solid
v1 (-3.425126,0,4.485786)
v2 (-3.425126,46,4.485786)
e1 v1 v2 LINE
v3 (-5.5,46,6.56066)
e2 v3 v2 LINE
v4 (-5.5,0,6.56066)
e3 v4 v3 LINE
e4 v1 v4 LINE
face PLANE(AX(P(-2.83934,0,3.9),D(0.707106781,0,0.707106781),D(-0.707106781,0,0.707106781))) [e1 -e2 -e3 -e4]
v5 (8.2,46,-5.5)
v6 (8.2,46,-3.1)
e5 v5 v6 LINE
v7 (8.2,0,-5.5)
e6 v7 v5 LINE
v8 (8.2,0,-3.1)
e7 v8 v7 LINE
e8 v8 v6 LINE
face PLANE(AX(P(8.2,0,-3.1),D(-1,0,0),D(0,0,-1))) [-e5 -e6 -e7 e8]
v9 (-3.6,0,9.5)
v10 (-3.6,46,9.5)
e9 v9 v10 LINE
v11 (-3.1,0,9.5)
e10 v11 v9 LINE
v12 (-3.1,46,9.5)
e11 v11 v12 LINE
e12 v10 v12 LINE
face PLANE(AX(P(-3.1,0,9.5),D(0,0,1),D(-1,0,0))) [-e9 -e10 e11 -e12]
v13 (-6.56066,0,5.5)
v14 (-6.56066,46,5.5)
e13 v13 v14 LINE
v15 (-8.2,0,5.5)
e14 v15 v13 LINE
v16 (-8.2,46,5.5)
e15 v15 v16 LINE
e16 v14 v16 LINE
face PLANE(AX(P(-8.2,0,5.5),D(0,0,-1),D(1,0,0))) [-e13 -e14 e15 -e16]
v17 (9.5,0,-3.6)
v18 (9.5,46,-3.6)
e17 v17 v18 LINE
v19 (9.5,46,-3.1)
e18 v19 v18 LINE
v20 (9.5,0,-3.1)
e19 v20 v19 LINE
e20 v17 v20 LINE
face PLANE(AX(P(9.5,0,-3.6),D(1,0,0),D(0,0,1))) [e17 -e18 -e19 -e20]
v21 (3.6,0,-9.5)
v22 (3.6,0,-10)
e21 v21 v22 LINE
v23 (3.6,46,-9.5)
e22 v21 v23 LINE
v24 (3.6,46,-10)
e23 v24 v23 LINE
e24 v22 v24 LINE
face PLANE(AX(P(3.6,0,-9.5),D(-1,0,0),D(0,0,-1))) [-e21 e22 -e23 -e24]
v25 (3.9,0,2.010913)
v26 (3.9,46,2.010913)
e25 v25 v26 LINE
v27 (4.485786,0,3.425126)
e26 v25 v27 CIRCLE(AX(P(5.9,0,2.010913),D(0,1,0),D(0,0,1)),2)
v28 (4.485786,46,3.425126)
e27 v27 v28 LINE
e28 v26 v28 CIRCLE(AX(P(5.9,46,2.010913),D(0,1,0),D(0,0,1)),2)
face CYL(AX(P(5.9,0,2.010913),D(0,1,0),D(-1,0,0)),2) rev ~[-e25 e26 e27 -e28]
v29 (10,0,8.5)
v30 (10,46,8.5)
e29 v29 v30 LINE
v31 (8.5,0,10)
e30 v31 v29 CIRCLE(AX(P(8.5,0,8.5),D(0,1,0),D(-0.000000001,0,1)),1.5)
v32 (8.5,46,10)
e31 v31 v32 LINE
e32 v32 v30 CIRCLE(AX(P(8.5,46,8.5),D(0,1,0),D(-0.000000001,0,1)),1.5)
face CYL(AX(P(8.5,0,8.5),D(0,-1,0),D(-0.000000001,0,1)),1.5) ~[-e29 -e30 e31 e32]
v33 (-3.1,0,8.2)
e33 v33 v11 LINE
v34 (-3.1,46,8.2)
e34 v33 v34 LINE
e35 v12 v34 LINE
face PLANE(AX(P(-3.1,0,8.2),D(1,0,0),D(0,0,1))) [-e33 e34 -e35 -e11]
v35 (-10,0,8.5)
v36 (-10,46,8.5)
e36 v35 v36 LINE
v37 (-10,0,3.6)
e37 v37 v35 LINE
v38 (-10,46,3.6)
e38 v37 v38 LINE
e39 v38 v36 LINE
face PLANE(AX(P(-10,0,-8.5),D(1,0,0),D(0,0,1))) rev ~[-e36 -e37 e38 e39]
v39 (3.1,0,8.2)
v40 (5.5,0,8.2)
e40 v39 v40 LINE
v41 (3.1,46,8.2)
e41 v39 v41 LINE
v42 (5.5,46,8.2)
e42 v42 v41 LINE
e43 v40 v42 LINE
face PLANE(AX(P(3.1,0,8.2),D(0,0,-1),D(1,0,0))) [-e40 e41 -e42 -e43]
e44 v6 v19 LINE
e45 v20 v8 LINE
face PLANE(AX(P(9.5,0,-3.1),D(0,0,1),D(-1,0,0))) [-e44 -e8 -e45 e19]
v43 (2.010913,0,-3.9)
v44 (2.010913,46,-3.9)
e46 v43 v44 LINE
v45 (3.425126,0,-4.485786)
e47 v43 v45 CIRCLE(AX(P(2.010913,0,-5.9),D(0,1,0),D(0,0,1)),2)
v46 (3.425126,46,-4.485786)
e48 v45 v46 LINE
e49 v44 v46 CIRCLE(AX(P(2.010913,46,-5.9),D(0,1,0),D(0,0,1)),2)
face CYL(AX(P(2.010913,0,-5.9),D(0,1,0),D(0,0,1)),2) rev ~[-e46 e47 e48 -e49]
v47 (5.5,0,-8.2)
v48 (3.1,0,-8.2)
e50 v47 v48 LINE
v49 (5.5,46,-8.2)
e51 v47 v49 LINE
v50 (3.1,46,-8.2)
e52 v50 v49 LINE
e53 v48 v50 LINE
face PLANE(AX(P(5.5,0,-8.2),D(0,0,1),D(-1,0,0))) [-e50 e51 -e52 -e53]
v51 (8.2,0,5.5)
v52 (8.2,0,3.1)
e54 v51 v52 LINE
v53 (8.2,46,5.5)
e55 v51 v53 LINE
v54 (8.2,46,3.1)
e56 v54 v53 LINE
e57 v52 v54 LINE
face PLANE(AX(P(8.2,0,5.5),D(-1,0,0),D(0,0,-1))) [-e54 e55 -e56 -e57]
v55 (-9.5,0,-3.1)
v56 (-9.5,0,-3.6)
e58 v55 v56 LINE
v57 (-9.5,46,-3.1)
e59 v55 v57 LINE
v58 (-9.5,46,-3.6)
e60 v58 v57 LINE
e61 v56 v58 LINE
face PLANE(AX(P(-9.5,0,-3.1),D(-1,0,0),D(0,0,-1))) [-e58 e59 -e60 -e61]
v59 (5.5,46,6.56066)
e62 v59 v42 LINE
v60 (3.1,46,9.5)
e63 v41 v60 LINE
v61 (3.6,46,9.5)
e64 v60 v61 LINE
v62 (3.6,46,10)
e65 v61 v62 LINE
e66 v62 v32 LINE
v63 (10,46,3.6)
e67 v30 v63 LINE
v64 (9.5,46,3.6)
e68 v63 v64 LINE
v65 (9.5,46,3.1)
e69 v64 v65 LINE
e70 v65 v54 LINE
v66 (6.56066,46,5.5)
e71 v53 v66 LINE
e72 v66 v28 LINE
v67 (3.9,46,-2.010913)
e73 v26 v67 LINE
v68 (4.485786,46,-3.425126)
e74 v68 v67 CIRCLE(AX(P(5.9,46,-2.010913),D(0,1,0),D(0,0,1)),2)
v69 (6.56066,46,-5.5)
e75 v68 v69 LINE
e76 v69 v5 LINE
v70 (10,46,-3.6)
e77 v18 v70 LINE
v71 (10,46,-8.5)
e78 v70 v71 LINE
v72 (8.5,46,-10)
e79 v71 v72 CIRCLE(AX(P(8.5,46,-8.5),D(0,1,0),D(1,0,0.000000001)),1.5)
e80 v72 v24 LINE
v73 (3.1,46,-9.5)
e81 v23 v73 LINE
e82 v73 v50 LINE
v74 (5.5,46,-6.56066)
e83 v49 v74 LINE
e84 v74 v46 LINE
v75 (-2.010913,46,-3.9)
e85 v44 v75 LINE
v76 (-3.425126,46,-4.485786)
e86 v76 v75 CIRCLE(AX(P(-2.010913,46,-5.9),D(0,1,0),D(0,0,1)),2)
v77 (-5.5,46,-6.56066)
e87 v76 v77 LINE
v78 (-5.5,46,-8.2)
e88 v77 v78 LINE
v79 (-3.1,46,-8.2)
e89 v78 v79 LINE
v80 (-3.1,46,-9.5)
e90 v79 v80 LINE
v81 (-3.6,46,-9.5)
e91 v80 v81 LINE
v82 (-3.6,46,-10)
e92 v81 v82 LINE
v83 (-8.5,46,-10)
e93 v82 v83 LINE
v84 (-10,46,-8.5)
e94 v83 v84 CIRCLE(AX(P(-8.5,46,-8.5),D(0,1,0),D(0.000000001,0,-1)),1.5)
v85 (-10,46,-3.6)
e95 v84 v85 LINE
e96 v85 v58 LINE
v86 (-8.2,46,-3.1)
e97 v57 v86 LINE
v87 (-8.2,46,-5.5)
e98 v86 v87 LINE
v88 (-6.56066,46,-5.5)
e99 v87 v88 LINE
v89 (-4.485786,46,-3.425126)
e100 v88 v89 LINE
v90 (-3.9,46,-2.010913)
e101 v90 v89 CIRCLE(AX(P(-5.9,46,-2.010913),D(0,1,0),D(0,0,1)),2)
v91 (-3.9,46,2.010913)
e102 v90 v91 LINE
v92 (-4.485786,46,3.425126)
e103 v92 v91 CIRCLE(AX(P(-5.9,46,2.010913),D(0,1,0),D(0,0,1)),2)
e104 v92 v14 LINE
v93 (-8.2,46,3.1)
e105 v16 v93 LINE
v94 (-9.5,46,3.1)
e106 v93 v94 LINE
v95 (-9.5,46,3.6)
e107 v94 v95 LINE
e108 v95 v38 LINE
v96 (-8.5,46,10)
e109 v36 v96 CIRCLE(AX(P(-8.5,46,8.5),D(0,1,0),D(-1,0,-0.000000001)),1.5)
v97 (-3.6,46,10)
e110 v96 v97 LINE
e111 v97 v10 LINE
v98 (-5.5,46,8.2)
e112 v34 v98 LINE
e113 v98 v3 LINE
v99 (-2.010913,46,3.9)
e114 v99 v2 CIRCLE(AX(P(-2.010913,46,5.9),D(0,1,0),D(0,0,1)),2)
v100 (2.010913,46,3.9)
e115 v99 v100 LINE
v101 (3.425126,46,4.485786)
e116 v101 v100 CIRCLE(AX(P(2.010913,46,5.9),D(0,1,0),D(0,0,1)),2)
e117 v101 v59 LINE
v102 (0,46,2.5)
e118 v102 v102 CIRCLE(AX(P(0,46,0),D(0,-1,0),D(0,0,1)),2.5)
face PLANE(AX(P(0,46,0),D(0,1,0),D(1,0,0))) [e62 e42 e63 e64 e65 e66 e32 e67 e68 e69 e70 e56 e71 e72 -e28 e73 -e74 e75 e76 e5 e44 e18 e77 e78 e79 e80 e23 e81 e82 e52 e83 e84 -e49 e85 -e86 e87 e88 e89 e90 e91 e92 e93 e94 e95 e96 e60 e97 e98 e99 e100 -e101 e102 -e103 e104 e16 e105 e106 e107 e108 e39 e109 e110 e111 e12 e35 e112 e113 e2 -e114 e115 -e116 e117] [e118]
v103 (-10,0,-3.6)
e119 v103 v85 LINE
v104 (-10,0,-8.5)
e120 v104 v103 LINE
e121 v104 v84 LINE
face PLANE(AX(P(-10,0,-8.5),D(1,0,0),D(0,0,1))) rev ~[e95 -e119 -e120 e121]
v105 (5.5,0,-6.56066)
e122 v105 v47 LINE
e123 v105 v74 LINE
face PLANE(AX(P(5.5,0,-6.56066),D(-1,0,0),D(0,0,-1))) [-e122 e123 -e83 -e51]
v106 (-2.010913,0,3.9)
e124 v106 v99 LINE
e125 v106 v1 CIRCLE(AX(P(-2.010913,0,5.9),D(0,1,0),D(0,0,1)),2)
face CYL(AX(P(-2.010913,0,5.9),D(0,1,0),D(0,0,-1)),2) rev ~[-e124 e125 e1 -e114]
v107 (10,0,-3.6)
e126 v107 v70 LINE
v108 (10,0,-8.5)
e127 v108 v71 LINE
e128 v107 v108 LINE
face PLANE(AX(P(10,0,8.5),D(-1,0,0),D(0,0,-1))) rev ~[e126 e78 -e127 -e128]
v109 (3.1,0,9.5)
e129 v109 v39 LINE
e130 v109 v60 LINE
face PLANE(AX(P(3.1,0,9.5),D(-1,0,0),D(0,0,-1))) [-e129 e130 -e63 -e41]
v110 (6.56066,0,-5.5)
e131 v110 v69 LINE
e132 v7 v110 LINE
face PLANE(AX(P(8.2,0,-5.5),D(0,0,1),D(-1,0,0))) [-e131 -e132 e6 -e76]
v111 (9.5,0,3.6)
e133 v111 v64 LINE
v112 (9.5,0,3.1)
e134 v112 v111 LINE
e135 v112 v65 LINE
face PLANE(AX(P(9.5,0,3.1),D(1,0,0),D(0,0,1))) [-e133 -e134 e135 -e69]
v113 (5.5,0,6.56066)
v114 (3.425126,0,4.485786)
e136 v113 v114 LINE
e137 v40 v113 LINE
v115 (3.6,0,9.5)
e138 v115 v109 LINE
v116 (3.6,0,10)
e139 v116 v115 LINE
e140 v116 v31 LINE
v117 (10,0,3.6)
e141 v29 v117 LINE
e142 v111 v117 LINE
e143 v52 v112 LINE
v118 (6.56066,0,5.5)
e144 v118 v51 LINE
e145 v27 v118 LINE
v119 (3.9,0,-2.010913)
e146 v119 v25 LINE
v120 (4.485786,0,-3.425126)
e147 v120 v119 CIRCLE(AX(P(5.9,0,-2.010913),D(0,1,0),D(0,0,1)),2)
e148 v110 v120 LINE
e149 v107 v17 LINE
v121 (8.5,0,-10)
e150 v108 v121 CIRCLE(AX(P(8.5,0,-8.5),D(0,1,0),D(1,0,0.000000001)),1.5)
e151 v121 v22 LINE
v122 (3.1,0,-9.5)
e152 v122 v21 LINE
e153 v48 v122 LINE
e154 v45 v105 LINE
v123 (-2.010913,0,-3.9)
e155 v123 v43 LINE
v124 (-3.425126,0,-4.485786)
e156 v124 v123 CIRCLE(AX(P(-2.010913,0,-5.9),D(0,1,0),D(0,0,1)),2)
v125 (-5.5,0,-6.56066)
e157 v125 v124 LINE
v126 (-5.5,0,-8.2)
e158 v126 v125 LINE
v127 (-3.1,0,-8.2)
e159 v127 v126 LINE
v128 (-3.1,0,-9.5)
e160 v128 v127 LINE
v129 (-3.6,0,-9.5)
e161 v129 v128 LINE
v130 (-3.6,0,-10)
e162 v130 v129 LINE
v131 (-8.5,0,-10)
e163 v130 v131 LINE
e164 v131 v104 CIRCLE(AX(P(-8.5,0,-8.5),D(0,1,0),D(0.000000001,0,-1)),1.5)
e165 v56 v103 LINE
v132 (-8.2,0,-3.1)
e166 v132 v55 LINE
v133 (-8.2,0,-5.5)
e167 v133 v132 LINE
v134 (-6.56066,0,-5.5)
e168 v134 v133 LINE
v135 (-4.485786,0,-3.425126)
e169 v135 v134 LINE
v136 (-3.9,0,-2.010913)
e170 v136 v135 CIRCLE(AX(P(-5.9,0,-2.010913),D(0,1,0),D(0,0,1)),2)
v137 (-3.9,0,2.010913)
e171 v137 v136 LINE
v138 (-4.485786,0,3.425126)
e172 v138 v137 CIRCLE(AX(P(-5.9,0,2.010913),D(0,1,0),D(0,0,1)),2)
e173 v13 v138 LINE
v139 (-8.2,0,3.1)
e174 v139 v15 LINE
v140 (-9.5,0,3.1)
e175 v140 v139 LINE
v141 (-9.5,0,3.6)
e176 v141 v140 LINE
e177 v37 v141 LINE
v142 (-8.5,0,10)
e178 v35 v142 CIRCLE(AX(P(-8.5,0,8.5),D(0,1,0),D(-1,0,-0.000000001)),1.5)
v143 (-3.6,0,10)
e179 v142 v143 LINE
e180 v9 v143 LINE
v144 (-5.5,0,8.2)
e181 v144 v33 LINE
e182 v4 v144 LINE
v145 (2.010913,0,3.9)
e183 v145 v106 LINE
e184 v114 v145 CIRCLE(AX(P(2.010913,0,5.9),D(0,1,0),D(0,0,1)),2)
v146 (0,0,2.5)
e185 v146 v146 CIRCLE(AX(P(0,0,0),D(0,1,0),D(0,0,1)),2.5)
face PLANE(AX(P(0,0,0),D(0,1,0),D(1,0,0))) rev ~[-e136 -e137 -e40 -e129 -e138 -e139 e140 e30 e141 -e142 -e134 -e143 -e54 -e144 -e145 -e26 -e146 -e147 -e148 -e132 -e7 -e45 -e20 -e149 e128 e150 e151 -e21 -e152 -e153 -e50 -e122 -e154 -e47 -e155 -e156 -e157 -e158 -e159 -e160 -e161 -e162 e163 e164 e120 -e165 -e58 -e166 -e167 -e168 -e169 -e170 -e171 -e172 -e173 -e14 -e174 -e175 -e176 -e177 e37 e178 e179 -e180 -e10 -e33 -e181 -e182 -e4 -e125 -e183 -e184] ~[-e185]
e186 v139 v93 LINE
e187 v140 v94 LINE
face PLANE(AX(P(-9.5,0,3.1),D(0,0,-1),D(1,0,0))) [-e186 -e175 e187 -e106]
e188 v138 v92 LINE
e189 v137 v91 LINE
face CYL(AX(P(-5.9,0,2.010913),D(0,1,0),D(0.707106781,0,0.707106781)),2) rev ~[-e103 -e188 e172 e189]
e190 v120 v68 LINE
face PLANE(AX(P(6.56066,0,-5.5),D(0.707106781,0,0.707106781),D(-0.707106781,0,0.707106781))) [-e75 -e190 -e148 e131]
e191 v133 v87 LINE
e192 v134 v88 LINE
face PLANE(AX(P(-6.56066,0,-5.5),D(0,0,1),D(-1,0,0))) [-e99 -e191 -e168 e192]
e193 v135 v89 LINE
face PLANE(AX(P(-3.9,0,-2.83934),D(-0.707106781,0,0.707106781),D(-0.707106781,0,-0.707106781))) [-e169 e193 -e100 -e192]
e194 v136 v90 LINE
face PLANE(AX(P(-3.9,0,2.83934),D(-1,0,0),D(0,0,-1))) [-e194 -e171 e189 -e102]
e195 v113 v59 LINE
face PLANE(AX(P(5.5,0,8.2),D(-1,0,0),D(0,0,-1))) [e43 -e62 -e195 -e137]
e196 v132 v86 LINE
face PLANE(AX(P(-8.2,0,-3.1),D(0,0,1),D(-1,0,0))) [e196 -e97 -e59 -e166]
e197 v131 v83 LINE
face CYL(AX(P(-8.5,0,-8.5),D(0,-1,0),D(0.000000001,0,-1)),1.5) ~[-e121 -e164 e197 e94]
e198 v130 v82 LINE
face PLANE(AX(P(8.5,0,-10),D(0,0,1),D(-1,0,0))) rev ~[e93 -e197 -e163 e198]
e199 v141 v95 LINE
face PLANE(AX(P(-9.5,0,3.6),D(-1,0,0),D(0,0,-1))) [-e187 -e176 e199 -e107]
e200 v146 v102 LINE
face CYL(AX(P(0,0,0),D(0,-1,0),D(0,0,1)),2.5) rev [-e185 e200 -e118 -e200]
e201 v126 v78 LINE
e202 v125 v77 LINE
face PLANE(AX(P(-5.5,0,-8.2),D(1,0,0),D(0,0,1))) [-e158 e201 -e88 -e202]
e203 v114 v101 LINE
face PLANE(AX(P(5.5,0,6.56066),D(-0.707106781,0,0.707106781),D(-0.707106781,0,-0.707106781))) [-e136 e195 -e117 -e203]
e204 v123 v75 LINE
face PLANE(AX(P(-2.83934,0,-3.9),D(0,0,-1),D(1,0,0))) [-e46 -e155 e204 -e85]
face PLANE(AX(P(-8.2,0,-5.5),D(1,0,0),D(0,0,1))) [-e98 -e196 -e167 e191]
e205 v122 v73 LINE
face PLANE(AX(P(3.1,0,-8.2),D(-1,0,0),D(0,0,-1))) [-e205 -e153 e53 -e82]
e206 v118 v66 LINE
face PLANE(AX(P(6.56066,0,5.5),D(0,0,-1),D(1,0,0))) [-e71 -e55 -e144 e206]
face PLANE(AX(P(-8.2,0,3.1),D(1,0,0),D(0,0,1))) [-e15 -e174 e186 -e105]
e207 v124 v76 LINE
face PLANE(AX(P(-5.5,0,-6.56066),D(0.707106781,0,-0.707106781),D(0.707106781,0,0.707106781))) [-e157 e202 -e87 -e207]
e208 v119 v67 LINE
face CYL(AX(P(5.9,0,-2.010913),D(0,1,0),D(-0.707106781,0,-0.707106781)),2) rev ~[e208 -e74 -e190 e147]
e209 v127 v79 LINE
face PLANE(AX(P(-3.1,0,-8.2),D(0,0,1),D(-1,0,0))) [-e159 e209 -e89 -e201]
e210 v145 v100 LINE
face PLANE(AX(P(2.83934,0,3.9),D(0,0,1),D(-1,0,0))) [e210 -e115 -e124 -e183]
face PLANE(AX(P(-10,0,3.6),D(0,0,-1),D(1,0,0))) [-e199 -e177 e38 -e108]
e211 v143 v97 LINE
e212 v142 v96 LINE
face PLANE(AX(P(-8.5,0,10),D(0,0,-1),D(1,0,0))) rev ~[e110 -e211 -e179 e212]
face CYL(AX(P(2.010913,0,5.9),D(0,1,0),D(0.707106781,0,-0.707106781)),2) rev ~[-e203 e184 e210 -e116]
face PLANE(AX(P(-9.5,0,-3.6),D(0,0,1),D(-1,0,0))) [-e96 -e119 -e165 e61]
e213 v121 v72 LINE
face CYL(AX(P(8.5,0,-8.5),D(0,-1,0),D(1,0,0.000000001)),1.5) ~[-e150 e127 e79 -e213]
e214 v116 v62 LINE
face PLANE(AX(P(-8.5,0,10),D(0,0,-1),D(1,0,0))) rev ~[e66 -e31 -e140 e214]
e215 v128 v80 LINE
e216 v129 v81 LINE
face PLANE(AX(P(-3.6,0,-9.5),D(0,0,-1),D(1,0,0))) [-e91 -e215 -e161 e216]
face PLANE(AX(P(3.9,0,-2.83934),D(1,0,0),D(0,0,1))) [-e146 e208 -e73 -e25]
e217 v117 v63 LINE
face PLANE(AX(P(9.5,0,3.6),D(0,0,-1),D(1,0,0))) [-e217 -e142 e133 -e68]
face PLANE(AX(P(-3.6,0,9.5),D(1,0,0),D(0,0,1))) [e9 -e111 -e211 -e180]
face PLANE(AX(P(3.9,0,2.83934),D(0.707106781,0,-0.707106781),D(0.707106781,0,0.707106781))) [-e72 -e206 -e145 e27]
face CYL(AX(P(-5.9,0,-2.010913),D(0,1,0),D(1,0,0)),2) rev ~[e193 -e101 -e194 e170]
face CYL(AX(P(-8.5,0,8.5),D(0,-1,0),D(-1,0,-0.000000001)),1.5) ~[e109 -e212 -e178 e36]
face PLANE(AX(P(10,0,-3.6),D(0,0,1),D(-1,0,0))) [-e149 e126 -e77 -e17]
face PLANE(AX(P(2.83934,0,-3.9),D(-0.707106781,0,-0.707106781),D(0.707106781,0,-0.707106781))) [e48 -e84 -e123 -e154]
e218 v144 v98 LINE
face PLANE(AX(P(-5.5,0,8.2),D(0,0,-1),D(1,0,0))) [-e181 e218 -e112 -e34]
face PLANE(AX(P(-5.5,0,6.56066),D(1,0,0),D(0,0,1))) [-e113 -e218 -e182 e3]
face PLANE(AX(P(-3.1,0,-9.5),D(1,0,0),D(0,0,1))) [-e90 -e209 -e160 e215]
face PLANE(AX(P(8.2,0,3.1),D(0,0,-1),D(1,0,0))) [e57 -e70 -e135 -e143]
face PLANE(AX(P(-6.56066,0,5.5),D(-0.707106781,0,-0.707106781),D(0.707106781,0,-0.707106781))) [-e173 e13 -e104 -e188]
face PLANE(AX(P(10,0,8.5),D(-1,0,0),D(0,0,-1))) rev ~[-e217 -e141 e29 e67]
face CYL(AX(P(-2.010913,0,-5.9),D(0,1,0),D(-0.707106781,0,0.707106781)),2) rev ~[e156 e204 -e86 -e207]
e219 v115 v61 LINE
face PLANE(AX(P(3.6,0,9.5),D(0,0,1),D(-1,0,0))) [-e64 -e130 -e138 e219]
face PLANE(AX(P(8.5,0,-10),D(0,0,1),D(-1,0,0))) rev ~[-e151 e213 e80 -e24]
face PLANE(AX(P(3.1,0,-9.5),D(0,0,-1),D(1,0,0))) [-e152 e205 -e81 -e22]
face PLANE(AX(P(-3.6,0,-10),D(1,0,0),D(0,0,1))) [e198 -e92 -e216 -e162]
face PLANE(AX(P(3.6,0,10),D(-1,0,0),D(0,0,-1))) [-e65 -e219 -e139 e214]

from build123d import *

# Parameters (mm, degrees)
BOSS_EXTRUDE1_DEPTH      = 46
SKETCH4_R                = 2.5
CUT_EXTRUDE2_DEPTH       = 49.124837662
CUT_EXTRUDE1_DEPTH       = 49.124837662
FILLET1_R                = 2
CIRPATTERN1_COUNT        = 4
FILLET1_OF_CIRPATTERN1_R = 2


with BuildPart() as part:
    # Sketch1 → Boss-Extrude1 (new body)
    with BuildSketch(Plane(origin=(0, 0, 0), x_dir=(1, 0, 0), z_dir=(0, 1, 0))):
        with BuildLine():
            Line((8.5, 10), (-8.5, 10))
            ThreePointArc((-8.5, 10), (-9.560660172, 9.560660172), (-10, 8.5))
            Line((-10, 8.5), (-10, -8.5))
            ThreePointArc((-10, -8.5), (-9.560660172, -9.560660172), (-8.5, -10))
            Line((-8.5, -10), (8.5, -10))
            ThreePointArc((8.5, -10), (9.560660172, -9.560660172), (10, -8.5))
            Line((10, -8.5), (10, 8.5))
            ThreePointArc((10, 8.5), (9.560660172, 9.560660172), (8.5, 10))
        make_face()
    extrude(amount=BOSS_EXTRUDE1_DEPTH)

    # Sketch4 → Cut-Extrude2 (cut, through all)
    with BuildSketch(Plane(origin=(0, 0, 0), x_dir=(1, 0, 0), z_dir=(0, 1, 0))):
        with Locations(Location((0, 0, 0), (0, 0, 270))):
            Circle(SKETCH4_R)
    extrude(amount=CUT_EXTRUDE2_DEPTH, mode=Mode.SUBTRACT)

    # Sketch2 → Cut-Extrude1 (cut, through all)
    with BuildSketch(Plane.XZ):
        Polygon((-3.6, -10), (-3.6, -9.5), (-3.1, -9.5), (-3.1, -8.2), (-5.5, -8.2), (-5.5, -6.560660172), (-2.839339828, -3.9), (2.839339828, -3.9), (5.5, -6.560660172), (5.5, -8.2), (3.1, -8.2), (3.1, -9.5), (3.6, -9.5), (3.6, -10), align=None)
    cut_extrude1 = extrude(amount=-CUT_EXTRUDE1_DEPTH, mode=Mode.SUBTRACT)

    # Fillet1
    fillet1_edges = [part.edges().sort_by_distance(p)[0] for p in [
        (-2.839339828, 23, -3.9),
        (2.839339828, 23, -3.9),
    ]]
    fillet(fillet1_edges, radius=FILLET1_R)

    # CirPattern1: Cut-Extrude1 ×4 about axis
    cirpattern1_axis = Axis((0, 0, 0), (0, 1, 0))
    for i in range(1, CIRPATTERN1_COUNT):
        add(cut_extrude1.rotate(cirpattern1_axis, i * 360 / CIRPATTERN1_COUNT), mode=Mode.SUBTRACT)

    # Fillet1 of CirPattern1
    fillet1_of_cirpattern1_edges = [part.edges().sort_by_distance(p)[0] for p in [
        (-3.9, 23, 2.839339828),
        (-3.9, 23, -2.839339828),
        (2.839339828, 23, 3.9),
        (-2.839339828, 23, 3.9),
        (3.9, 23, -2.839339828),
        (3.9, 23, 2.839339828),
    ]]
    fillet(fillet1_of_cirpattern1_edges, radius=FILLET1_OF_CIRPATTERN1_R)


solid = part.part
